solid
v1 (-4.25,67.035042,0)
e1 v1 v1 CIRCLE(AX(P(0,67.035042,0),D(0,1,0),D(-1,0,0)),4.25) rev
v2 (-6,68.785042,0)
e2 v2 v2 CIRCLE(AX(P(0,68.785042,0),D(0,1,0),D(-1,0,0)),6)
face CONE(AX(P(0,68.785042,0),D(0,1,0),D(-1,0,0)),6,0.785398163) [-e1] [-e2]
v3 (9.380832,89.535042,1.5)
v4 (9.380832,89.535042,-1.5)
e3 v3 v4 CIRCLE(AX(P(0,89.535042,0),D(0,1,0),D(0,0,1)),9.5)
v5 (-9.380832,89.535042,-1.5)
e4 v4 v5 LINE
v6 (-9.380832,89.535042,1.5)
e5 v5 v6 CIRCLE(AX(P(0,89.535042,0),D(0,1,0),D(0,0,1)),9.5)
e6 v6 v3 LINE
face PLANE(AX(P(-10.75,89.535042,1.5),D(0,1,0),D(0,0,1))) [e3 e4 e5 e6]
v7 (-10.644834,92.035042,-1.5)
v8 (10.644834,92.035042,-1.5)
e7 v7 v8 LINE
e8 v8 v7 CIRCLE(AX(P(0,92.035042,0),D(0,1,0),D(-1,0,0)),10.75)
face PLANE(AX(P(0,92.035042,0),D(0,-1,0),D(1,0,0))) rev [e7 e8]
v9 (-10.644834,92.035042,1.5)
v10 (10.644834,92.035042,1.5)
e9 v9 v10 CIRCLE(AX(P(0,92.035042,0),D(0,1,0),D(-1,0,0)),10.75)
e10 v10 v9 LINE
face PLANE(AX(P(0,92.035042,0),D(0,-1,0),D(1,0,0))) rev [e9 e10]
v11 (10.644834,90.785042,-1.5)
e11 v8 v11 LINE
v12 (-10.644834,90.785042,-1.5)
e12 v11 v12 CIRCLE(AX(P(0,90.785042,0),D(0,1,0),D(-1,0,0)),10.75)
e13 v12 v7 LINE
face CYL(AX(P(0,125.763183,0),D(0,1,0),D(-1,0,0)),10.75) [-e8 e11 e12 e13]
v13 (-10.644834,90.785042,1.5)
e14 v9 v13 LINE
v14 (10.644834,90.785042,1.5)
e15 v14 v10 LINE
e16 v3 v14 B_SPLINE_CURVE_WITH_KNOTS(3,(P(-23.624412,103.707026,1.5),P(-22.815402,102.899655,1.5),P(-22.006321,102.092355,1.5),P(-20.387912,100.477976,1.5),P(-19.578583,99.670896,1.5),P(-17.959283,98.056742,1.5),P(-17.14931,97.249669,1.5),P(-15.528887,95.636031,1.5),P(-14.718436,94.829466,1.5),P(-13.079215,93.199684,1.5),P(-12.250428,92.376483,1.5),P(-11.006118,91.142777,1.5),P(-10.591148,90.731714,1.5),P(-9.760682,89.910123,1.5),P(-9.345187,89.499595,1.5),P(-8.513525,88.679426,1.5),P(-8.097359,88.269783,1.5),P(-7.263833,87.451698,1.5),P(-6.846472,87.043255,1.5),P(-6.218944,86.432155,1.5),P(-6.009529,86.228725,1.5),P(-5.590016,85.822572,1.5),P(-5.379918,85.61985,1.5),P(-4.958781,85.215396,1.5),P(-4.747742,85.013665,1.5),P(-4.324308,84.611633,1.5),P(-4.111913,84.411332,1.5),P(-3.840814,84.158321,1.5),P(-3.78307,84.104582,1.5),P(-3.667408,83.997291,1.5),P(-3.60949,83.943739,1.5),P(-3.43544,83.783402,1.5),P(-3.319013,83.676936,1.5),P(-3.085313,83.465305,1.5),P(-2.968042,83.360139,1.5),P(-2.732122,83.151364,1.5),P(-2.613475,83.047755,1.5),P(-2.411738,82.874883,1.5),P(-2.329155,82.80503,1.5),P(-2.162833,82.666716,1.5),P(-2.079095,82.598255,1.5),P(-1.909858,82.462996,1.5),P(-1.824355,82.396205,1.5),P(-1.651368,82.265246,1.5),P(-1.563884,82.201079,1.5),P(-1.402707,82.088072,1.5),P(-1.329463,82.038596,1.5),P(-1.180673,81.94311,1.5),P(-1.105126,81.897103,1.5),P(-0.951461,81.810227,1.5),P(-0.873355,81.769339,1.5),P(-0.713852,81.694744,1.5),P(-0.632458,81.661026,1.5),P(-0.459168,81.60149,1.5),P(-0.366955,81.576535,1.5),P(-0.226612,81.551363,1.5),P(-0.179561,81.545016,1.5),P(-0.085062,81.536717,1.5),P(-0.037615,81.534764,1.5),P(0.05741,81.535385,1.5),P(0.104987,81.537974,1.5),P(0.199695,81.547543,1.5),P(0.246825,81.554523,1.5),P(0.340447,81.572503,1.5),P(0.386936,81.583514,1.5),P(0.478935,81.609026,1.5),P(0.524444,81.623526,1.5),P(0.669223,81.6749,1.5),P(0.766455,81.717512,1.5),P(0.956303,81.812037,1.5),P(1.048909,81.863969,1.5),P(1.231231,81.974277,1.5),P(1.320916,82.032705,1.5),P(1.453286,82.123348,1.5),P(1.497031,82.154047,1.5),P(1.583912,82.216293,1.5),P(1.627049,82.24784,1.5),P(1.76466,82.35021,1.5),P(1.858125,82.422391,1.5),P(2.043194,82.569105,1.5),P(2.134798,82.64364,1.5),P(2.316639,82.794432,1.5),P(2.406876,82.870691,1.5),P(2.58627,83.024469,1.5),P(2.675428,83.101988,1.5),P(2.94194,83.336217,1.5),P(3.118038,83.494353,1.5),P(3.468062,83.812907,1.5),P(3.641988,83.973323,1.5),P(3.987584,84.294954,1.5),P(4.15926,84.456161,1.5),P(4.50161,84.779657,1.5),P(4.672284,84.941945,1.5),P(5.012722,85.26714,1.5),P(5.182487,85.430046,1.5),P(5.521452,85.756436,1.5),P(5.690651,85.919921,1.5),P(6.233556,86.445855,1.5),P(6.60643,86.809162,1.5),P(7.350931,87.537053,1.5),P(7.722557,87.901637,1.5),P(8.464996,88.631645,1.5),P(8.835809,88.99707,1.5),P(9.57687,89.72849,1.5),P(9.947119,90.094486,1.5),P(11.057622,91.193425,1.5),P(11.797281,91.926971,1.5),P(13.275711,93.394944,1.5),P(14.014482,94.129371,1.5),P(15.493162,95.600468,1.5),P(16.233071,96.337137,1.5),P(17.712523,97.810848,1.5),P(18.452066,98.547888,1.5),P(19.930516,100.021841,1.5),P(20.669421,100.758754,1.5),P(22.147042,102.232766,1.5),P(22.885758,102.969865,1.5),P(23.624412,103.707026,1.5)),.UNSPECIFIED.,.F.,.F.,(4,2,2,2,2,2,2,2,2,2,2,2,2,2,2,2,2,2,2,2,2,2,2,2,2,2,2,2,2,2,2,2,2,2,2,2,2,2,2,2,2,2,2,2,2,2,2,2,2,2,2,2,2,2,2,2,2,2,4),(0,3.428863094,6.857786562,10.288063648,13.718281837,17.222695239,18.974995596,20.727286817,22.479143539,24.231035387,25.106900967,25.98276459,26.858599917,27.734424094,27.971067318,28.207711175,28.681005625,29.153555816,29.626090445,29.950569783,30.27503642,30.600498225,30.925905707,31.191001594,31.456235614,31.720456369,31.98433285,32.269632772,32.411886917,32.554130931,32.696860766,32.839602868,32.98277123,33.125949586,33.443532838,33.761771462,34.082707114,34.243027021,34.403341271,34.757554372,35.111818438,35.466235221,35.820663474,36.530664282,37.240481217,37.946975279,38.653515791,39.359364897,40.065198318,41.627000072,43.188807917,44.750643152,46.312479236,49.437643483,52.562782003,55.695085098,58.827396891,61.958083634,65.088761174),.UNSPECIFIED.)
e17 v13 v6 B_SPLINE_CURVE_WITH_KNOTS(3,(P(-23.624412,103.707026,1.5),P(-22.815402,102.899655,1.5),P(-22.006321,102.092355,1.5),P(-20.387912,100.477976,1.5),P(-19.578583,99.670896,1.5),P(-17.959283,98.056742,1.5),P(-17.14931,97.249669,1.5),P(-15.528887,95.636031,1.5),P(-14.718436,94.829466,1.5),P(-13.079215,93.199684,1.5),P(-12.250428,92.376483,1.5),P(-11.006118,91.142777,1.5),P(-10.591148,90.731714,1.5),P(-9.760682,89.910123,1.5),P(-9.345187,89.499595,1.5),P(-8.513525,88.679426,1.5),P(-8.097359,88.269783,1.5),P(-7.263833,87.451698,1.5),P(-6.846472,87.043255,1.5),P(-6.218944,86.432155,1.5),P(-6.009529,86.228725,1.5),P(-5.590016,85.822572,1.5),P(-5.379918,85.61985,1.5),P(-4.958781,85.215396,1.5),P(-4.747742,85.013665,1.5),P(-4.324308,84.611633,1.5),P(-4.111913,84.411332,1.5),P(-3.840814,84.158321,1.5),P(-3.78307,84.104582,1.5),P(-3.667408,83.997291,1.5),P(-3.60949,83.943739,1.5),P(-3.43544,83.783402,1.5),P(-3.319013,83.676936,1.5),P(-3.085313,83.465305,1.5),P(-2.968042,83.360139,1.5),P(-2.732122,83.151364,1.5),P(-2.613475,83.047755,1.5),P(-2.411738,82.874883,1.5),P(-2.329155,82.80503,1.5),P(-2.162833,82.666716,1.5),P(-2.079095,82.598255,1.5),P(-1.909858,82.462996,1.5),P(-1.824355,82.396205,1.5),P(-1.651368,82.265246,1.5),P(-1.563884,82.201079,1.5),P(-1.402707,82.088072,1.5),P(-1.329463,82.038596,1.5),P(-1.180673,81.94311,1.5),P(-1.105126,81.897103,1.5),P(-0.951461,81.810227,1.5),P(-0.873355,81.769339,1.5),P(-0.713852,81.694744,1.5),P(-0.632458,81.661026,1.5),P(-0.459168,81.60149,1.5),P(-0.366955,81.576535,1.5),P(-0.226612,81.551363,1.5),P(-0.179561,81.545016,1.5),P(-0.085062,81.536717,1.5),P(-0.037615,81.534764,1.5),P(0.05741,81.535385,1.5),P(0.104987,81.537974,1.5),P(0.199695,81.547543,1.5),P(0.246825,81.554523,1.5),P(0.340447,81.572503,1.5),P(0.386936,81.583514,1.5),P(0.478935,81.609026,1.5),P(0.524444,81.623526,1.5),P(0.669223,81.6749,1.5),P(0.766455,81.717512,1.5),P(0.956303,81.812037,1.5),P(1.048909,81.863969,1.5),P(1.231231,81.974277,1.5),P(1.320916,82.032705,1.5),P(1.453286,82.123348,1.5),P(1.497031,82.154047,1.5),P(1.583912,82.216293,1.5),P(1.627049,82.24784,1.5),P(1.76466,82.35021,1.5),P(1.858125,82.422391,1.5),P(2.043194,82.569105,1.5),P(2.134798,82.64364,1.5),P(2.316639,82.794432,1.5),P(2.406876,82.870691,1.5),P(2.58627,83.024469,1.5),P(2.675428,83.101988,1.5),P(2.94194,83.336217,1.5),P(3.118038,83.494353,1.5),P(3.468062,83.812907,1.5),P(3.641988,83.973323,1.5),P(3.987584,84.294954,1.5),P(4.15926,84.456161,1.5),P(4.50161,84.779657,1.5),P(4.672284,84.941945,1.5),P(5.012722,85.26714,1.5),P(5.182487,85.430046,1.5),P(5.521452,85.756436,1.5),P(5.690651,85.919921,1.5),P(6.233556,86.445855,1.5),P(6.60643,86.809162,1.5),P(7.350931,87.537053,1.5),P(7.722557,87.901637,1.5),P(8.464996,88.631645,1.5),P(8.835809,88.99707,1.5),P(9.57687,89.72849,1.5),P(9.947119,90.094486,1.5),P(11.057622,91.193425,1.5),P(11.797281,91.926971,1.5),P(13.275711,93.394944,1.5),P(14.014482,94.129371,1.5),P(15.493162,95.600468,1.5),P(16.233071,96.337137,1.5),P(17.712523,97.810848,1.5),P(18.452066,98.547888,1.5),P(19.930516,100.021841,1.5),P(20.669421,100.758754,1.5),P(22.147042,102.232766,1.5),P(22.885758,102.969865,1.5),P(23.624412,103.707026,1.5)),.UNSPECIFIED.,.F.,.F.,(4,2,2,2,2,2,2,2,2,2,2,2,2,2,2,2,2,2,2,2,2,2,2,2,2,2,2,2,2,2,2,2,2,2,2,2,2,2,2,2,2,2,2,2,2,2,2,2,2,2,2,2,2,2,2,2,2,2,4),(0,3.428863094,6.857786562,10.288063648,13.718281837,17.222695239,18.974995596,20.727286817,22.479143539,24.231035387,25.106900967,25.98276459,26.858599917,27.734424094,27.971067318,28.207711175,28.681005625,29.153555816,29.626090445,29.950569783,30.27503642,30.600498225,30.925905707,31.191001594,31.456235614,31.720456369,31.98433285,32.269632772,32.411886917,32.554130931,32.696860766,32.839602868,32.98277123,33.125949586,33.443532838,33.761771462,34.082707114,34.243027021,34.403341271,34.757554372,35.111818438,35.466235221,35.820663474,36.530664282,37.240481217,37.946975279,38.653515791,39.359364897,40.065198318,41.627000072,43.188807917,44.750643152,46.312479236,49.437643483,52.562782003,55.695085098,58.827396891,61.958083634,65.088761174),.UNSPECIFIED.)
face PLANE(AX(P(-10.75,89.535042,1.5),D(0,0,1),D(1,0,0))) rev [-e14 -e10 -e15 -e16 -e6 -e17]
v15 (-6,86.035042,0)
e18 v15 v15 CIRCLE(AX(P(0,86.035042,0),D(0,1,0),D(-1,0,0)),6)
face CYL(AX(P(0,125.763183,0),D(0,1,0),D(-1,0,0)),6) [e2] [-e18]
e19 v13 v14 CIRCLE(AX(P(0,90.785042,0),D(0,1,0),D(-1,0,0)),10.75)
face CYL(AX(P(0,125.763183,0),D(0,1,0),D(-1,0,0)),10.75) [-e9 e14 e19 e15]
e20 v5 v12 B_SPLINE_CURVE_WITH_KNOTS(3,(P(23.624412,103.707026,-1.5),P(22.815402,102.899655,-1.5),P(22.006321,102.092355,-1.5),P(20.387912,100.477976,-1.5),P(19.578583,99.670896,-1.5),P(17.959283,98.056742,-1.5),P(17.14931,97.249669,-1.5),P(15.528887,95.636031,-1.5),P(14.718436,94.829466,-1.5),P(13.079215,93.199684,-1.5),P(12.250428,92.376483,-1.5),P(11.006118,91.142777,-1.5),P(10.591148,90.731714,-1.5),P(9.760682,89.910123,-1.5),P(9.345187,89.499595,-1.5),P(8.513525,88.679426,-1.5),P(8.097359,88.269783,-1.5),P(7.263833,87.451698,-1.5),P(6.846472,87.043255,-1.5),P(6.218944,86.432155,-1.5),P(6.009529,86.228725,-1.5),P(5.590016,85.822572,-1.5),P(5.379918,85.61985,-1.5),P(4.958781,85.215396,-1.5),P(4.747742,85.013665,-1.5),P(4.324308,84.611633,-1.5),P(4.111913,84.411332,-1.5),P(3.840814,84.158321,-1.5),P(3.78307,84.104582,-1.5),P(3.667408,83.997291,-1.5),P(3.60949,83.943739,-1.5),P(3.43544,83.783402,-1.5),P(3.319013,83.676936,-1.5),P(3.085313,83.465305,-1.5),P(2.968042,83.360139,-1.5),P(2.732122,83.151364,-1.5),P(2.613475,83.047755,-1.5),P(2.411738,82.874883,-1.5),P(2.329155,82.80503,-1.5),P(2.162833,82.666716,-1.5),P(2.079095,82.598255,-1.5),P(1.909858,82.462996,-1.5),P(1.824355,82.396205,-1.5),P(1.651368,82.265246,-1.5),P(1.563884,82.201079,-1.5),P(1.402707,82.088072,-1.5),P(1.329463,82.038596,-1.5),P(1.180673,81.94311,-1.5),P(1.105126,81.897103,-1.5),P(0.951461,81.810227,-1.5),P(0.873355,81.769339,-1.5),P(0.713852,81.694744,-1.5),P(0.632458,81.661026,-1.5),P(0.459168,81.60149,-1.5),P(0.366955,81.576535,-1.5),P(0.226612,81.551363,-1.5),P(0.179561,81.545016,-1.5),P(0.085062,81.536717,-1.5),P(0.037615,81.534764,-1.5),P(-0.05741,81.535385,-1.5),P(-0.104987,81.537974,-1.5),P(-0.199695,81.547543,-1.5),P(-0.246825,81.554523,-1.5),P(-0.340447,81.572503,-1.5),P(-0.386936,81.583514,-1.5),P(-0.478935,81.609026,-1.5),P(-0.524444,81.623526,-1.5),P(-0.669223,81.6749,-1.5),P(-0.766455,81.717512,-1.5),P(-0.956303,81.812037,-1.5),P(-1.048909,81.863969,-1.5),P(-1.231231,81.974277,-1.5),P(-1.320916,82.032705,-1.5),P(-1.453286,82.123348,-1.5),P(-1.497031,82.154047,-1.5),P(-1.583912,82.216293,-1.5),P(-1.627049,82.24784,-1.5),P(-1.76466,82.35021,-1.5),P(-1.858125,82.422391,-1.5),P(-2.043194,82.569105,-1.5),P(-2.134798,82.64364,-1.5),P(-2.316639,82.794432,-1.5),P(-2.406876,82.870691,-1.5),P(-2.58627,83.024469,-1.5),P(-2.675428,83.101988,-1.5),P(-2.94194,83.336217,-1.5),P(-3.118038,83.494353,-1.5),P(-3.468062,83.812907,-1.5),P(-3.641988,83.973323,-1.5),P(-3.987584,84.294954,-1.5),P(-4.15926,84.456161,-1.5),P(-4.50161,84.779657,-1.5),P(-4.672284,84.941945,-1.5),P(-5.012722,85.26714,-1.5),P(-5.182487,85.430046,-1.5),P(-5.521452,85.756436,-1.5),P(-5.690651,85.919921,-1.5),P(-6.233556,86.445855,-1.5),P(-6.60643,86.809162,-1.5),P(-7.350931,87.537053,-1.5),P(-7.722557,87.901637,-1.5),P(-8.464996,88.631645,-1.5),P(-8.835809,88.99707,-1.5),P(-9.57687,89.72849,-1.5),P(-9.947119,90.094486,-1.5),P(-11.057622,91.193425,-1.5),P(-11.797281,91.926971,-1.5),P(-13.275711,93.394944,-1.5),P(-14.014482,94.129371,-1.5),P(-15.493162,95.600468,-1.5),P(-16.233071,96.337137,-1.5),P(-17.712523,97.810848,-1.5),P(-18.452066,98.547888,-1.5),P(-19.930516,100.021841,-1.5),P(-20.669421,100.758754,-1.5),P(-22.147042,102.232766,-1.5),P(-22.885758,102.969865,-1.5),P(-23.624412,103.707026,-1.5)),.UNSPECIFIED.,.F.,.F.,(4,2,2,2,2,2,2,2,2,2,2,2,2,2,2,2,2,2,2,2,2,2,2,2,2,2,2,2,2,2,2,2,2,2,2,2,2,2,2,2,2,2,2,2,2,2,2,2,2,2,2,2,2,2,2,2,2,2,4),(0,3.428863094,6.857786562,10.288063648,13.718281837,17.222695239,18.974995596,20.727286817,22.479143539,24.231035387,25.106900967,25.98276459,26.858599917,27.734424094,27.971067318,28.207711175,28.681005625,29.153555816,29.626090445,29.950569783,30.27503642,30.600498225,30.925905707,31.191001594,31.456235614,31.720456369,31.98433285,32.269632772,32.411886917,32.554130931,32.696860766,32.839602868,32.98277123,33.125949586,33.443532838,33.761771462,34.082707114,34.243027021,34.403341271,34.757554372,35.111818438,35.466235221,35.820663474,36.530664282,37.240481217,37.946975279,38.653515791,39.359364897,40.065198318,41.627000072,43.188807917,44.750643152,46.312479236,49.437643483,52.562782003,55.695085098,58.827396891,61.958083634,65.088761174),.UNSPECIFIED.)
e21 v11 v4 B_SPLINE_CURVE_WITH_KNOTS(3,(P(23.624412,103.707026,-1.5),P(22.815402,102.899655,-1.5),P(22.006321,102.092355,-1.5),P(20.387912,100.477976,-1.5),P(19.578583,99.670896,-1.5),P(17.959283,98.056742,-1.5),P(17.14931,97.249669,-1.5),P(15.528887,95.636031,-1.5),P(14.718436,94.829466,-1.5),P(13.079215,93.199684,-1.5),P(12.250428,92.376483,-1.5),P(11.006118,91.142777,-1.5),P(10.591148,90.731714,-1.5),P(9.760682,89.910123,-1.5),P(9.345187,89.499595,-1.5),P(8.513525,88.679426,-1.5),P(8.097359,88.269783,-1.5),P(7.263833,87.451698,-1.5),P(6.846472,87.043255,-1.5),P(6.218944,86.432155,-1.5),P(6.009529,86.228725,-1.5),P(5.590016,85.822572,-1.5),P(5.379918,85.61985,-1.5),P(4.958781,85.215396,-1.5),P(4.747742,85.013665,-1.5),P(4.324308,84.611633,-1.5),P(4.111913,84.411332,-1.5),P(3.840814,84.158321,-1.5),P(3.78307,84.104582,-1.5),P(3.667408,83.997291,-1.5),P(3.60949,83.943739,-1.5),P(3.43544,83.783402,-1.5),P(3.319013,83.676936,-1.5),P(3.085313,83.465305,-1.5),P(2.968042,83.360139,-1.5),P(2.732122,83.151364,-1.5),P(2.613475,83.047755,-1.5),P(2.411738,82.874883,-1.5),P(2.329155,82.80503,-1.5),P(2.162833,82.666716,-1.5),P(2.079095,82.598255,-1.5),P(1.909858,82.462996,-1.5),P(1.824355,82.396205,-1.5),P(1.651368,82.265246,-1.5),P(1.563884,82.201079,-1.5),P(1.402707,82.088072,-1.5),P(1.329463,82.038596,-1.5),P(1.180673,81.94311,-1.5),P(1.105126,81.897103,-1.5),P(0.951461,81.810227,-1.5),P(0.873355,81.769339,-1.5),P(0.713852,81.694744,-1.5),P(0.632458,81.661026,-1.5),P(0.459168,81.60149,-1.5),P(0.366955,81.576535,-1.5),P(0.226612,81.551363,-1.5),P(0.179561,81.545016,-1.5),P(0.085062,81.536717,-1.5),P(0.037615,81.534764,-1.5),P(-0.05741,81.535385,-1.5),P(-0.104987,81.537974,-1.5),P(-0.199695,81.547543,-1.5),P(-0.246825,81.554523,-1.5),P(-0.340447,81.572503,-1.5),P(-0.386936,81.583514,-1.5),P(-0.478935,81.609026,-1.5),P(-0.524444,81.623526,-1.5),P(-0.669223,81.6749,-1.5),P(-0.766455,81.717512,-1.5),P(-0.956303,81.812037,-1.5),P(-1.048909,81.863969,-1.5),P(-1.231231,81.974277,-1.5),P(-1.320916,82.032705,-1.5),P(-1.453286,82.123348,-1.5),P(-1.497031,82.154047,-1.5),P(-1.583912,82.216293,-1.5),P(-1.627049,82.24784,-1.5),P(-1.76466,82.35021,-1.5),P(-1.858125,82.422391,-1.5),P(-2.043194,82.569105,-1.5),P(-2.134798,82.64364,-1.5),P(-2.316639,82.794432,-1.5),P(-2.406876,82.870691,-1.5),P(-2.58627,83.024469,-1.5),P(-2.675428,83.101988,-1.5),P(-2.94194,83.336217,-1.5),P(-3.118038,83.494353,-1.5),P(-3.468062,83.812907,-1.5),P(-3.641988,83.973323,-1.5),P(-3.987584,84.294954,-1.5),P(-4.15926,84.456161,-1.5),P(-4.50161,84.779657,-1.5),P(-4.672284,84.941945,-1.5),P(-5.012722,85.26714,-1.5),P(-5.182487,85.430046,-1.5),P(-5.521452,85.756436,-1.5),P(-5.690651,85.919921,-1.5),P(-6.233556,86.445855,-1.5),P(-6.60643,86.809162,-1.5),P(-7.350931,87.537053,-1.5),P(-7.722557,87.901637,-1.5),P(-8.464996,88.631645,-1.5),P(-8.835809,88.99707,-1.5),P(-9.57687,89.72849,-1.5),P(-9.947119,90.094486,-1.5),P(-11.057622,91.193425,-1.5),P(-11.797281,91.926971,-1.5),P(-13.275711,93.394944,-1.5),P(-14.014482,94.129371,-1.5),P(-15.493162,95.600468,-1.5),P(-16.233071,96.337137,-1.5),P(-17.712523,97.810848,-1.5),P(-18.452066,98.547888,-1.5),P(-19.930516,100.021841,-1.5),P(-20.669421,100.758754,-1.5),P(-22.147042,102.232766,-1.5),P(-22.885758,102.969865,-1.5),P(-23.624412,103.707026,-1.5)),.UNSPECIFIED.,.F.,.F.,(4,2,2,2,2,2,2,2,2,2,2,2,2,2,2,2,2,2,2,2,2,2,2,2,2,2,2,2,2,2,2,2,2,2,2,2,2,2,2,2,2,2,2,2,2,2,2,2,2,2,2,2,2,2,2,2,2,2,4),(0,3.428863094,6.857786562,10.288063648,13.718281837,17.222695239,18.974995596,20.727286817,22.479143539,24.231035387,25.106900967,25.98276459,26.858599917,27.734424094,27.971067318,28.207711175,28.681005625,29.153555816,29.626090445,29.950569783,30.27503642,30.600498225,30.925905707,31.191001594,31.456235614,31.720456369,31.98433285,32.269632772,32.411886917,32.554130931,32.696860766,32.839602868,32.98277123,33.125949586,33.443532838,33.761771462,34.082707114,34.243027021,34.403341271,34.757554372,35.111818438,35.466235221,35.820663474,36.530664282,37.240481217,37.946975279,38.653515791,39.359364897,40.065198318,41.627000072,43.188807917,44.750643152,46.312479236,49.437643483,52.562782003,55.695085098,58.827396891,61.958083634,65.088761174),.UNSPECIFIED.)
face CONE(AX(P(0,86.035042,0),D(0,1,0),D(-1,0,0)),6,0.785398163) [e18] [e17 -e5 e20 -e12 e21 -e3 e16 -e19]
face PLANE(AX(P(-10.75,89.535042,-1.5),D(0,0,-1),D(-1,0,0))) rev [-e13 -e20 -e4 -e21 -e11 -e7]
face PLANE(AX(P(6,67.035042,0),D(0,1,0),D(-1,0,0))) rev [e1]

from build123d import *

# Parameters (mm, degrees)
SKETCH_13_W         = 21.5
SKETCH_13_H         = 3
CUT_EXTRUDE_9_DEPTH = 2.5
CHAMFER_1_SIZE      = 1.75


with BuildPart() as part:
    # Эскиз1 → Повернуть1 (revolve)
    with BuildSketch(Plane.XY):
        Polygon((0, 92.035042223), (0, 67.035042223), (6, 67.035042223), (6, 86.035042223), (10.75, 90.785042223), (10.75, 92.035042223), align=None)
    revolve(axis=Axis((0, 125.763182898, 0), (0, -1, 0)))

    # Эскиз13 → Вырез-Вытянуть9 (cut)
    with BuildSketch(Plane(origin=(0, 92.035042223, 0), x_dir=(-1, 0, 0), z_dir=(0, 1, 0))):
        Rectangle(SKETCH_13_W, SKETCH_13_H)
    extrude(amount=-CUT_EXTRUDE_9_DEPTH, mode=Mode.SUBTRACT)

    # Фаска1
    chamfer_1_edges = [part.edges().sort_by_distance(p)[0] for p in [
        (-6, 67.035042223, 0),
    ]]
    chamfer(chamfer_1_edges, length=CHAMFER_1_SIZE)


solid = part.part
